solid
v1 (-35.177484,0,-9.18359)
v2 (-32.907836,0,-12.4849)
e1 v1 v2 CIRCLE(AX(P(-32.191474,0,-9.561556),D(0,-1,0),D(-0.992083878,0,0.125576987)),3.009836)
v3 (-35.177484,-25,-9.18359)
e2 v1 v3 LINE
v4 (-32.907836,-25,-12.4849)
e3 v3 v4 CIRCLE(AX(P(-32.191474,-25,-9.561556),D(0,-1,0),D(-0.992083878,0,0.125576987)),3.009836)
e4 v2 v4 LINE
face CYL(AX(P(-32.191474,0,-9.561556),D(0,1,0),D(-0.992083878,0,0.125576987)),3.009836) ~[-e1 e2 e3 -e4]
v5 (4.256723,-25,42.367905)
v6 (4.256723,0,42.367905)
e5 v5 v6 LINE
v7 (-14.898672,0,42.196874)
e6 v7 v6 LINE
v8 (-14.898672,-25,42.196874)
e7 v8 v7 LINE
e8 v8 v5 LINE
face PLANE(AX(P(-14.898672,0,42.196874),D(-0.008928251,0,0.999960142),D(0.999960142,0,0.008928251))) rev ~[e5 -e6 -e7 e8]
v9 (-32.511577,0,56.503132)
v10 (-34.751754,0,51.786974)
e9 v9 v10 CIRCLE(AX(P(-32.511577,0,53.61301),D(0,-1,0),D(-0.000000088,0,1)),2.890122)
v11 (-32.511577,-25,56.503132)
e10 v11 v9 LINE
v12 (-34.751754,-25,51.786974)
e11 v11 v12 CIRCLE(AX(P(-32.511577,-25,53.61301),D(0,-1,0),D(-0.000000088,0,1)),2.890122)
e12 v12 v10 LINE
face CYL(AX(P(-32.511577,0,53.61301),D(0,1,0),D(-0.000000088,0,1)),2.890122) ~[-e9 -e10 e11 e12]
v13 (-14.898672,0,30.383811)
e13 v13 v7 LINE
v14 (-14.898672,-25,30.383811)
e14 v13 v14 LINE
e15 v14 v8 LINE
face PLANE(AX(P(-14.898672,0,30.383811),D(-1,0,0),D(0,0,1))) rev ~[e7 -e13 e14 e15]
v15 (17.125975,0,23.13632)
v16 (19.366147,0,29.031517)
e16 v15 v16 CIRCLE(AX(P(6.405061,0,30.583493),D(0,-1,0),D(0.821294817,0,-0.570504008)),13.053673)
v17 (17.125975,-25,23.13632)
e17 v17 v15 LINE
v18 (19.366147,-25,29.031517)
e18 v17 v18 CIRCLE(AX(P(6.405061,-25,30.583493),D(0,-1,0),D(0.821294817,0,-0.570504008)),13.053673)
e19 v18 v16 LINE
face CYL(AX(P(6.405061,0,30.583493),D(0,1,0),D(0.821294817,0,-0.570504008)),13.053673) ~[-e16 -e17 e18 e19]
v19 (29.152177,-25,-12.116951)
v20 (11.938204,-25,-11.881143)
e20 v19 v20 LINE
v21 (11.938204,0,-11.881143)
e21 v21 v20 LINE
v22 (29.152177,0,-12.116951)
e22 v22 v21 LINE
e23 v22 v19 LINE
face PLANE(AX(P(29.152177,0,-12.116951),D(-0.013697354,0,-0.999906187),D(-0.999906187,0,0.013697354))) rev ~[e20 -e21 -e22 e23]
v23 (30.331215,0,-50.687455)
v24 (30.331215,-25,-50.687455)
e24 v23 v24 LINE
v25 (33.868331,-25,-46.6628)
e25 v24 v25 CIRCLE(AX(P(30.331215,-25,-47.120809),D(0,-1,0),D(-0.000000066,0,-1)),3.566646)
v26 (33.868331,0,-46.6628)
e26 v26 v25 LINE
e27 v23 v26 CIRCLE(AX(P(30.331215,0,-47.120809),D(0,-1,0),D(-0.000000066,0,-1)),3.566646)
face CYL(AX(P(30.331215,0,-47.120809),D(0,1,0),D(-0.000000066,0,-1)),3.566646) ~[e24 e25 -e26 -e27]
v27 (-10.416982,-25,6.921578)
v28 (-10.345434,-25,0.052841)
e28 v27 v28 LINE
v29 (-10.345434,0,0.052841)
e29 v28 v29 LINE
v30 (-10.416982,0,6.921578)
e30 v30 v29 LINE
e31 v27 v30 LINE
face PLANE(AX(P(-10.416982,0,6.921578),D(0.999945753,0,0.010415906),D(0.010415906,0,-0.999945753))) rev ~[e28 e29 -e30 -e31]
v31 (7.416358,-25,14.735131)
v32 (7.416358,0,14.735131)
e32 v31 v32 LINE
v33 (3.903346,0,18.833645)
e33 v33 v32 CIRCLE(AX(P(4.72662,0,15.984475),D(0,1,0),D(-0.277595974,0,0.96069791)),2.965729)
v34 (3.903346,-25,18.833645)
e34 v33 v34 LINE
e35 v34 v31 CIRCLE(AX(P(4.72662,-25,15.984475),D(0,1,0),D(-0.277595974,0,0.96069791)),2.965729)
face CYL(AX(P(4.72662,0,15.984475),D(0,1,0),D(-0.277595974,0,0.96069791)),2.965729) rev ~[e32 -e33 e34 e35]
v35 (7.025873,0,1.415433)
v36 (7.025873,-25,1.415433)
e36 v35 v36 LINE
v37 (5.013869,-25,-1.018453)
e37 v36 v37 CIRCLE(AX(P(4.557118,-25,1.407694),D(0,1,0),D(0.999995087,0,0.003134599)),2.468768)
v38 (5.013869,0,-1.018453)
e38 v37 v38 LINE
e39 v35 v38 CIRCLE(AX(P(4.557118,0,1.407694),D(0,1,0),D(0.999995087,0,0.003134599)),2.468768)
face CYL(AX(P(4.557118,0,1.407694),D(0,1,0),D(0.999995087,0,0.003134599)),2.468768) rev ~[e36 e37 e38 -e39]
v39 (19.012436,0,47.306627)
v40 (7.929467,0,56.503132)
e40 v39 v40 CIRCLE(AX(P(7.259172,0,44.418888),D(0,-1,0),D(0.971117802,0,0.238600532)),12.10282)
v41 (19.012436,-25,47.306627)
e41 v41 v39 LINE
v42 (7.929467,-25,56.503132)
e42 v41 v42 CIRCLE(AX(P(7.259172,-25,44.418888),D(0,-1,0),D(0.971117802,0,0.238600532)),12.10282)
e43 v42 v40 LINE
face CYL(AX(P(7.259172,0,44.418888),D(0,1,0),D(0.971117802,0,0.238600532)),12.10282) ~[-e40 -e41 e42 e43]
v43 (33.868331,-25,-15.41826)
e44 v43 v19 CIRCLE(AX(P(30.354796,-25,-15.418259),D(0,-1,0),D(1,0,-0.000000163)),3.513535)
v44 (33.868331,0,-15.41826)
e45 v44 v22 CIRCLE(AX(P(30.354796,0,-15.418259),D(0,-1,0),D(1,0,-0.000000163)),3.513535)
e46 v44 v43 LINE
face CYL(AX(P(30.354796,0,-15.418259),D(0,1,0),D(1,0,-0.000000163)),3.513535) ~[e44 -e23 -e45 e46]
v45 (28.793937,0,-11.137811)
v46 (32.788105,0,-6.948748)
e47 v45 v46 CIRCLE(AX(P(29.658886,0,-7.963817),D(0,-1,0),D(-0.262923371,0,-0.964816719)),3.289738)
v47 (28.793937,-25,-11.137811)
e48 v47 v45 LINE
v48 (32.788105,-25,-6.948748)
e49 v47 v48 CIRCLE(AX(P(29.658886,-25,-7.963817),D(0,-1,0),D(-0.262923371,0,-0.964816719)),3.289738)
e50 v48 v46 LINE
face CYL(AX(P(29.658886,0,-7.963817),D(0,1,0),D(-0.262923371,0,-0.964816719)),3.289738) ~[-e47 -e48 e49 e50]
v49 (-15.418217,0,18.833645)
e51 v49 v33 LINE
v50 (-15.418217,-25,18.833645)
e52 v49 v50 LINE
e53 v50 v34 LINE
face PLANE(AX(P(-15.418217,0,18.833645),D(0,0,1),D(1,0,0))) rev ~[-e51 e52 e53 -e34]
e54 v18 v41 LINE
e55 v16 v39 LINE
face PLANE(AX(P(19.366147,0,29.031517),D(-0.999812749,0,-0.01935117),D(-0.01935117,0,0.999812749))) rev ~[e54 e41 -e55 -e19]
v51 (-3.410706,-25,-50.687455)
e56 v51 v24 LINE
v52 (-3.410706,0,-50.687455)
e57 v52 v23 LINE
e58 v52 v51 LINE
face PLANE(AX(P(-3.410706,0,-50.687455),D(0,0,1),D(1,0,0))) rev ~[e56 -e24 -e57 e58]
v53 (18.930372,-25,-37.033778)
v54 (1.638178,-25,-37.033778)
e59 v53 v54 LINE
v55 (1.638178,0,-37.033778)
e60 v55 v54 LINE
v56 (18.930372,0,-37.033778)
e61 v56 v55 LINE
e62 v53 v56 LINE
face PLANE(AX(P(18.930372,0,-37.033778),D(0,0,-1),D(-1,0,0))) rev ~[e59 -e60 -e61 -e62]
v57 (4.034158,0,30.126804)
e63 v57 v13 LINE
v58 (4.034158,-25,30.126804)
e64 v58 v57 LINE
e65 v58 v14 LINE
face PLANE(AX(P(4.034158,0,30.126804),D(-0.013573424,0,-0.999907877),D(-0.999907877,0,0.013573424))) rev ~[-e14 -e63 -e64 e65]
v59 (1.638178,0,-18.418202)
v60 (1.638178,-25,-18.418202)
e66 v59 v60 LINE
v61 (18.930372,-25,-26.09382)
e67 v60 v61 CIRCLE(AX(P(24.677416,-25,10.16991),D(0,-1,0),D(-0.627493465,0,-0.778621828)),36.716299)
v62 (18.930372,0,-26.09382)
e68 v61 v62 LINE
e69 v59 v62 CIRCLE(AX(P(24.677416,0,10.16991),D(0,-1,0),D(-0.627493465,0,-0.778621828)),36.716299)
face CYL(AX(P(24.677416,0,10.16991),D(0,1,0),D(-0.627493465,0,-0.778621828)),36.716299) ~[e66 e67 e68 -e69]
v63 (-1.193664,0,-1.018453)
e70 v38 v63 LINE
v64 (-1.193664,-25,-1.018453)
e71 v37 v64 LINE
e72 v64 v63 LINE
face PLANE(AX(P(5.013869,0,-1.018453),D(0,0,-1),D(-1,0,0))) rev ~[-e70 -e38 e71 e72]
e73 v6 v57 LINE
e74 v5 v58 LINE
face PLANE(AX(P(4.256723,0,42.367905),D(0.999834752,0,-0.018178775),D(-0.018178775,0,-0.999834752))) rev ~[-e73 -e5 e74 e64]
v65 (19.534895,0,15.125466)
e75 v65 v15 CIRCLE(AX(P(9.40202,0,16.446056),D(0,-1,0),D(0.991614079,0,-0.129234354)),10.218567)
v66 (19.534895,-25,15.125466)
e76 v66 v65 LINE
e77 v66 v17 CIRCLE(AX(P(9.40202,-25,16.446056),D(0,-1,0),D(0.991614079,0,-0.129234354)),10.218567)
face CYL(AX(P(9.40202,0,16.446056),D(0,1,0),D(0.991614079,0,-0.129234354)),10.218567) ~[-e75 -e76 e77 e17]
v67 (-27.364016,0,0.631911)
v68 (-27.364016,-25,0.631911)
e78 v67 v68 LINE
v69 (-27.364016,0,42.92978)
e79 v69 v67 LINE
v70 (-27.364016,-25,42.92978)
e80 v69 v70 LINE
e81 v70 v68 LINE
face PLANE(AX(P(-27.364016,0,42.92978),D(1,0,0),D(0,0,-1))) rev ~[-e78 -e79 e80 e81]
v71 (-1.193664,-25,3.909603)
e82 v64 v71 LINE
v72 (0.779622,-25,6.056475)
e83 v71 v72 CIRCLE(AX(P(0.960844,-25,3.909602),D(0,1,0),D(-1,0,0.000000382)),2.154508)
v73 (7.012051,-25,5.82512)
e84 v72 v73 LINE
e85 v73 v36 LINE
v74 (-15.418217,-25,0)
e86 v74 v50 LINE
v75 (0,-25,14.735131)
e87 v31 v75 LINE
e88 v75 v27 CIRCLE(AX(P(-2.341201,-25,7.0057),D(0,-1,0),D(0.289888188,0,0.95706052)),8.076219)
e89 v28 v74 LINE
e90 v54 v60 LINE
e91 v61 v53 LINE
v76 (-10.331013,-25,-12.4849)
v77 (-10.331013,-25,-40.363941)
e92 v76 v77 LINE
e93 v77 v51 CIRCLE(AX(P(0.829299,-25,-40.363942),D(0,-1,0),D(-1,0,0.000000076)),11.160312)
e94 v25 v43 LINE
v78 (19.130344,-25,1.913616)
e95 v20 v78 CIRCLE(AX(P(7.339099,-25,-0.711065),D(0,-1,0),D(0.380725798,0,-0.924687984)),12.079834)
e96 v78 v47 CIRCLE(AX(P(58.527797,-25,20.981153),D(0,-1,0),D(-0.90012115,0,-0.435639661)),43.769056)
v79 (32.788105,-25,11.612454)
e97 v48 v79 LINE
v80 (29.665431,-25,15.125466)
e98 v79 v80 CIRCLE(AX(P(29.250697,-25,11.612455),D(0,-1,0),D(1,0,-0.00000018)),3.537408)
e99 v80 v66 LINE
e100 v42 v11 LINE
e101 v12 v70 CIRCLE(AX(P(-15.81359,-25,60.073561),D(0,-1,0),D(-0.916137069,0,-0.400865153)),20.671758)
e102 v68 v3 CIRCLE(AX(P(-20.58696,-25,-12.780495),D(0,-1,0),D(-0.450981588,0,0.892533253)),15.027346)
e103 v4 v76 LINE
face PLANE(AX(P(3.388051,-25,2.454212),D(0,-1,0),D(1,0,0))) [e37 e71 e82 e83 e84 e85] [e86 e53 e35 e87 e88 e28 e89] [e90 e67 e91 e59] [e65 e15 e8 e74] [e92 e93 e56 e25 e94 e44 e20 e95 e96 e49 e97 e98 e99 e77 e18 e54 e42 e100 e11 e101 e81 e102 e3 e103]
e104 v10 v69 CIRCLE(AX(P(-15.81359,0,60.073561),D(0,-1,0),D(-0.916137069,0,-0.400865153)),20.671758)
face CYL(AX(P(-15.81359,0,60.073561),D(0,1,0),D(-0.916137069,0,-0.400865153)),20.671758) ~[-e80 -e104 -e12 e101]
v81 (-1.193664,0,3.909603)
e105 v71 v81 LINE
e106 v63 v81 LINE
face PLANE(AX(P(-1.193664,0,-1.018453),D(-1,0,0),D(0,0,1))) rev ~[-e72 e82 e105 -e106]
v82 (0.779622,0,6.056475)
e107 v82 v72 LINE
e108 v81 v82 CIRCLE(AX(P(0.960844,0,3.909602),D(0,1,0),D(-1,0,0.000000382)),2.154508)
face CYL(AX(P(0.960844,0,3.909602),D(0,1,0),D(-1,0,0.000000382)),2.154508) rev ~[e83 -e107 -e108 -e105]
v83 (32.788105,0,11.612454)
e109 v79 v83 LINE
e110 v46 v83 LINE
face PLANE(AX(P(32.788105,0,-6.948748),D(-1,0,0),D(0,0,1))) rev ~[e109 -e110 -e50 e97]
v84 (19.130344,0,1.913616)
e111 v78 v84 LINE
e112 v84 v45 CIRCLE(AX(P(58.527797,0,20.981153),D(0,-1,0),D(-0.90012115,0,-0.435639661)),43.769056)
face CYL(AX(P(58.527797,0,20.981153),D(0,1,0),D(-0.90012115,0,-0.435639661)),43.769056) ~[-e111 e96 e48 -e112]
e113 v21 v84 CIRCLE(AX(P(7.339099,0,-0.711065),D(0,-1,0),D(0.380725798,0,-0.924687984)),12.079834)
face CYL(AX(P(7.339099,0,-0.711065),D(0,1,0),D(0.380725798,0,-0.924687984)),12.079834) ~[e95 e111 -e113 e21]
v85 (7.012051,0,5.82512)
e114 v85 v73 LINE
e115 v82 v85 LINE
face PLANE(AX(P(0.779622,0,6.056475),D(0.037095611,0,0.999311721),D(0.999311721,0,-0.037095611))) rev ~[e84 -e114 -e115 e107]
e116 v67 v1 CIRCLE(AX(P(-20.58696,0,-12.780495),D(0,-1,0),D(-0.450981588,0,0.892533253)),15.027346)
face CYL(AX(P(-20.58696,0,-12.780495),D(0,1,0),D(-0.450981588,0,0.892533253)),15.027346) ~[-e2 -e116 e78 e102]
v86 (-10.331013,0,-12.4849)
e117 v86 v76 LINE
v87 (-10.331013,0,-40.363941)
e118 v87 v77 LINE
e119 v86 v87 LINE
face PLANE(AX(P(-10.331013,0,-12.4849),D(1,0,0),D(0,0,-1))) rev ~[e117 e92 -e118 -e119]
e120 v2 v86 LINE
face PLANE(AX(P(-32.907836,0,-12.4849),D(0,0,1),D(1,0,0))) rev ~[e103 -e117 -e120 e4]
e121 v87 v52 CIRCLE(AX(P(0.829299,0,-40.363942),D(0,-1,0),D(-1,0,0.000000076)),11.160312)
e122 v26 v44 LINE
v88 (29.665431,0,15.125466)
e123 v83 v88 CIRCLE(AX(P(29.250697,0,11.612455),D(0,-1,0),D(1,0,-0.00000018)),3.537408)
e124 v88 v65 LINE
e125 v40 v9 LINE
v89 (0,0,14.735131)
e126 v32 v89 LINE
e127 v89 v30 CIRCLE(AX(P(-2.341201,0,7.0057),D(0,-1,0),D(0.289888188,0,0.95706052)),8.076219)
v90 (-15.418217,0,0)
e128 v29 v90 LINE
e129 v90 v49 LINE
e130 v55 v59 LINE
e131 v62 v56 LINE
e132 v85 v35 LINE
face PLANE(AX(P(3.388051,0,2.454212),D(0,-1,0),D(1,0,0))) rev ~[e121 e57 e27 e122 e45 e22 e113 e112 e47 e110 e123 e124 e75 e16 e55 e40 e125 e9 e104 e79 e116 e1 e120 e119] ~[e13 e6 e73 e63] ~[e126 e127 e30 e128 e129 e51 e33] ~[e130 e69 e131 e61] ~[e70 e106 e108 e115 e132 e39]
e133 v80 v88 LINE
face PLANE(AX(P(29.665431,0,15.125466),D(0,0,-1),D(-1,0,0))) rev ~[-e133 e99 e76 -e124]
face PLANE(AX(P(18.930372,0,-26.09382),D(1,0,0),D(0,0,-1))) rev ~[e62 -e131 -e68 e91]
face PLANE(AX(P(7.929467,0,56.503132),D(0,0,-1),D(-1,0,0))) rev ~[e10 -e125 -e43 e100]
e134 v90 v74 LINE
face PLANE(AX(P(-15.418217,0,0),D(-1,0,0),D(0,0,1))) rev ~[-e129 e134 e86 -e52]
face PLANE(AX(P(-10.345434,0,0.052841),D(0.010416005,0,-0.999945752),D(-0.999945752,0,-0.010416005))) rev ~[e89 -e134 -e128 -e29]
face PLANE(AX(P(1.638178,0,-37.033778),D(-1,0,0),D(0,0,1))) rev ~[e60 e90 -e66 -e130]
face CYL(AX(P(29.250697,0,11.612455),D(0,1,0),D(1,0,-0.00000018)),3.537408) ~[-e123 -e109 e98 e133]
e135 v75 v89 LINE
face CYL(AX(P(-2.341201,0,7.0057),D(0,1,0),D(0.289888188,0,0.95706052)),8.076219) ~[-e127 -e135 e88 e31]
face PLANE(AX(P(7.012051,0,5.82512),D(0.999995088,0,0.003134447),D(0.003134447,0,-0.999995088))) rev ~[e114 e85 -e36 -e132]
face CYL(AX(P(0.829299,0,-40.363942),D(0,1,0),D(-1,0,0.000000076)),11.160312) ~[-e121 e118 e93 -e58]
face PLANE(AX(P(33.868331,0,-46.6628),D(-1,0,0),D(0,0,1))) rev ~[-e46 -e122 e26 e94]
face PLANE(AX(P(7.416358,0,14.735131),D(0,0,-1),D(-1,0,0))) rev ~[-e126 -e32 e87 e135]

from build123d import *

# Parameters (mm, degrees)
F1_DEPTH = 15
F2_DEPTH = 2.5
F3_DEPTH = 25


with BuildPart() as f1:
    # F0 (on Front) → F1 (new body)
    with BuildSketch(Plane.XZ):
        with BuildLine():
            ThreePointArc((-34.751754, 51.786974), (-31.688129, 46.832693), (-27.364016, 42.92978))
            Line((-27.364016, 42.92978), (-27.364016, 0.631911))
            ThreePointArc((-27.364016, 0.631911), (-32.344059, -3.421449), (-35.177484, -9.18359))
            ThreePointArc((-35.177484, -9.18359), (-34.671706, -11.266714), (-32.907836, -12.4849))
            Line((-32.907836, -12.4849), (-10.331013, -12.4849))
            Line((-10.331013, -12.4849), (-10.331013, -40.363941))
            ThreePointArc((-10.331013, -40.363941), (-8.440878, -46.57815), (-3.410706, -50.687455))
            Line((-3.410706, -50.687455), (30.331215, -50.687455))
            ThreePointArc((30.331215, -50.687455), (33.010256, -49.475316), (33.868331, -46.6628))
            Line((33.868331, -46.6628), (33.868331, -15.41826))
            ThreePointArc((33.868331, -15.41826), (32.369677, -12.53986), (29.152177, -12.116951))
            Line((29.152177, -12.116951), (11.938204, -11.881143))
            ThreePointArc((11.938204, -11.881143), (18.050529, -6.295658), (19.130344, 1.913616))
            ThreePointArc((19.130344, 1.913616), (23.351533, -5.064206), (28.793937, -11.137811))
            ThreePointArc((28.793937, -11.137811), (32.039808, -10.233968), (32.788105, -6.948748))
            Line((32.788105, -6.948748), (32.788105, 11.612454))
            ThreePointArc((32.788105, 11.612454), (31.89459, 13.962579), (29.665431, 15.125466))
            Line((29.665431, 15.125466), (19.534895, 15.125466))
            ThreePointArc((19.534895, 15.125466), (19.187726, 19.388686), (17.125975, 23.13632))
            ThreePointArc((17.125975, 23.13632), (18.607422, 25.946601), (19.366147, 29.031517))
            Line((19.366147, 29.031517), (19.012436, 47.306627))
            ThreePointArc((19.012436, 47.306627), (14.987699, 53.732755), (7.929467, 56.503132))
            Line((7.929467, 56.503132), (-32.511577, 56.503132))
            ThreePointArc((-32.511577, 56.503132), (-35.122158, 54.853038), (-34.751754, 51.786974))
        make_face()
        with BuildLine():
            Line((1.638178, -37.033778), (1.638178, -18.418202))
            ThreePointArc((1.638178, -18.418202), (9.7814, -23.388924), (18.930372, -26.09382))
            Line((18.930372, -26.09382), (18.930372, -37.033778))
            Line((18.930372, -37.033778), (1.638178, -37.033778))
        make_face(mode=Mode.SUBTRACT)
        with BuildLine():
            Line((0.779622, 6.056475), (7.012051, 5.82512))
            Line((7.012051, 5.82512), (7.025873, 1.415433))
            ThreePointArc((7.025873, 1.415433), (6.459904, -0.16527), (5.013869, -1.018453))
            Line((5.013869, -1.018453), (-1.193664, -1.018453))
            Line((-1.193664, -1.018453), (-1.193664, 3.909603))
            ThreePointArc((-1.193664, 3.909603), (-0.625401, 5.367591), (0.779622, 6.056475))
        make_face(mode=Mode.SUBTRACT)
        with BuildLine():
            Line((-15.418217, 0), (-15.418217, 18.833645))
            Line((-15.418217, 18.833645), (3.903346, 18.833645))
            ThreePointArc((3.903346, 18.833645), (6.97837, 17.914546), (7.416358, 14.735131))
            Line((7.416358, 14.735131), (0, 14.735131))
            ThreePointArc((0, 14.735131), (-7.187256, 13.466433), (-10.416982, 6.921578))
            Line((-10.416982, 6.921578), (-10.345434, 0.052841))
            Line((-10.345434, 0.052841), (-15.418217, 0))
        make_face(mode=Mode.SUBTRACT)
        Polygon((-14.898672, 30.383811), (-14.898672, 42.196874), (4.256723, 42.367905), (4.034158, 30.126804), align=None, mode=Mode.SUBTRACT)
    extrude(amount=F1_DEPTH)

    # F0 (on Front) → F2 (cut, symmetric)
    with BuildSketch(Plane.XZ):
        with BuildLine():
            ThreePointArc((-34.751754, 51.786974), (-31.688129, 46.832693), (-27.364016, 42.92978))
            Line((-27.364016, 42.92978), (-27.364016, 0.631911))
            ThreePointArc((-27.364016, 0.631911), (-32.344059, -3.421449), (-35.177484, -9.18359))
            ThreePointArc((-35.177484, -9.18359), (-34.671706, -11.266714), (-32.907836, -12.4849))
            Line((-32.907836, -12.4849), (-10.331013, -12.4849))
            Line((-10.331013, -12.4849), (-10.331013, -40.363941))
            ThreePointArc((-10.331013, -40.363941), (-8.440878, -46.57815), (-3.410706, -50.687455))
            Line((-3.410706, -50.687455), (30.331215, -50.687455))
            ThreePointArc((30.331215, -50.687455), (33.010256, -49.475316), (33.868331, -46.6628))
            Line((33.868331, -46.6628), (33.868331, -15.41826))
            ThreePointArc((33.868331, -15.41826), (32.369677, -12.53986), (29.152177, -12.116951))
            Line((29.152177, -12.116951), (11.938204, -11.881143))
            ThreePointArc((11.938204, -11.881143), (18.050529, -6.295658), (19.130344, 1.913616))
            ThreePointArc((19.130344, 1.913616), (23.351533, -5.064206), (28.793937, -11.137811))
            ThreePointArc((28.793937, -11.137811), (32.039808, -10.233968), (32.788105, -6.948748))
            Line((32.788105, -6.948748), (32.788105, 11.612454))
            ThreePointArc((32.788105, 11.612454), (31.89459, 13.962579), (29.665431, 15.125466))
            Line((29.665431, 15.125466), (19.534895, 15.125466))
            ThreePointArc((19.534895, 15.125466), (19.187726, 19.388686), (17.125975, 23.13632))
            ThreePointArc((17.125975, 23.13632), (18.607422, 25.946601), (19.366147, 29.031517))
            Line((19.366147, 29.031517), (19.012436, 47.306627))
            ThreePointArc((19.012436, 47.306627), (14.987699, 53.732755), (7.929467, 56.503132))
            Line((7.929467, 56.503132), (-32.511577, 56.503132))
            ThreePointArc((-32.511577, 56.503132), (-35.122158, 54.853038), (-34.751754, 51.786974))
        make_face()
        with BuildLine():
            Line((1.638178, -37.033778), (1.638178, -18.418202))
            ThreePointArc((1.638178, -18.418202), (9.7814, -23.388924), (18.930372, -26.09382))
            Line((18.930372, -26.09382), (18.930372, -37.033778))
            Line((18.930372, -37.033778), (1.638178, -37.033778))
        make_face(mode=Mode.SUBTRACT)
        with BuildLine():
            Line((0.779622, 6.056475), (7.012051, 5.82512))
            Line((7.012051, 5.82512), (7.025873, 1.415433))
            ThreePointArc((7.025873, 1.415433), (6.459904, -0.16527), (5.013869, -1.018453))
            Line((5.013869, -1.018453), (-1.193664, -1.018453))
            Line((-1.193664, -1.018453), (-1.193664, 3.909603))
            ThreePointArc((-1.193664, 3.909603), (-0.625401, 5.367591), (0.779622, 6.056475))
        make_face(mode=Mode.SUBTRACT)
        with BuildLine():
            Line((-15.418217, 0), (-15.418217, 18.833645))
            Line((-15.418217, 18.833645), (3.903346, 18.833645))
            ThreePointArc((3.903346, 18.833645), (6.97837, 17.914546), (7.416358, 14.735131))
            Line((7.416358, 14.735131), (0, 14.735131))
            ThreePointArc((0, 14.735131), (-7.187256, 13.466433), (-10.416982, 6.921578))
            Line((-10.416982, 6.921578), (-10.345434, 0.052841))
            Line((-10.345434, 0.052841), (-15.418217, 0))
        make_face(mode=Mode.SUBTRACT)
        Polygon((-14.898672, 30.383811), (-14.898672, 42.196874), (4.256723, 42.367905), (4.034158, 30.126804), align=None, mode=Mode.SUBTRACT)
    extrude(amount=F2_DEPTH, both=True, mode=Mode.SUBTRACT)

    # F0 (on Front) → F3 (join)
    with BuildSketch(Plane.XZ):
        with BuildLine():
            ThreePointArc((-34.751754, 51.786974), (-31.688129, 46.832693), (-27.364016, 42.92978))
            Line((-27.364016, 42.92978), (-27.364016, 0.631911))
            ThreePointArc((-27.364016, 0.631911), (-32.344059, -3.421449), (-35.177484, -9.18359))
            ThreePointArc((-35.177484, -9.18359), (-34.671706, -11.266714), (-32.907836, -12.4849))
            Line((-32.907836, -12.4849), (-10.331013, -12.4849))
            Line((-10.331013, -12.4849), (-10.331013, -40.363941))
            ThreePointArc((-10.331013, -40.363941), (-8.440878, -46.57815), (-3.410706, -50.687455))
            Line((-3.410706, -50.687455), (30.331215, -50.687455))
            ThreePointArc((30.331215, -50.687455), (33.010256, -49.475316), (33.868331, -46.6628))
            Line((33.868331, -46.6628), (33.868331, -15.41826))
            ThreePointArc((33.868331, -15.41826), (32.369677, -12.53986), (29.152177, -12.116951))
            Line((29.152177, -12.116951), (11.938204, -11.881143))
            ThreePointArc((11.938204, -11.881143), (18.050529, -6.295658), (19.130344, 1.913616))
            ThreePointArc((19.130344, 1.913616), (23.351533, -5.064206), (28.793937, -11.137811))
            ThreePointArc((28.793937, -11.137811), (32.039808, -10.233968), (32.788105, -6.948748))
            Line((32.788105, -6.948748), (32.788105, 11.612454))
            ThreePointArc((32.788105, 11.612454), (31.89459, 13.962579), (29.665431, 15.125466))
            Line((29.665431, 15.125466), (19.534895, 15.125466))
            ThreePointArc((19.534895, 15.125466), (19.187726, 19.388686), (17.125975, 23.13632))
            ThreePointArc((17.125975, 23.13632), (18.607422, 25.946601), (19.366147, 29.031517))
            Line((19.366147, 29.031517), (19.012436, 47.306627))
            ThreePointArc((19.012436, 47.306627), (14.987699, 53.732755), (7.929467, 56.503132))
            Line((7.929467, 56.503132), (-32.511577, 56.503132))
            ThreePointArc((-32.511577, 56.503132), (-35.122158, 54.853038), (-34.751754, 51.786974))
        make_face()
        with BuildLine():
            Line((1.638178, -37.033778), (1.638178, -18.418202))
            ThreePointArc((1.638178, -18.418202), (9.7814, -23.388924), (18.930372, -26.09382))
            Line((18.930372, -26.09382), (18.930372, -37.033778))
            Line((18.930372, -37.033778), (1.638178, -37.033778))
        make_face(mode=Mode.SUBTRACT)
        with BuildLine():
            Line((0.779622, 6.056475), (7.012051, 5.82512))
            Line((7.012051, 5.82512), (7.025873, 1.415433))
            ThreePointArc((7.025873, 1.415433), (6.459904, -0.16527), (5.013869, -1.018453))
            Line((5.013869, -1.018453), (-1.193664, -1.018453))
            Line((-1.193664, -1.018453), (-1.193664, 3.909603))
            ThreePointArc((-1.193664, 3.909603), (-0.625401, 5.367591), (0.779622, 6.056475))
        make_face(mode=Mode.SUBTRACT)
        with BuildLine():
            Line((-15.418217, 0), (-15.418217, 18.833645))
            Line((-15.418217, 18.833645), (3.903346, 18.833645))
            ThreePointArc((3.903346, 18.833645), (6.97837, 17.914546), (7.416358, 14.735131))
            Line((7.416358, 14.735131), (0, 14.735131))
            ThreePointArc((0, 14.735131), (-7.187256, 13.466433), (-10.416982, 6.921578))
            Line((-10.416982, 6.921578), (-10.345434, 0.052841))
            Line((-10.345434, 0.052841), (-15.418217, 0))
        make_face(mode=Mode.SUBTRACT)
        Polygon((-14.898672, 30.383811), (-14.898672, 42.196874), (4.256723, 42.367905), (4.034158, 30.126804), align=None, mode=Mode.SUBTRACT)
    extrude(amount=F3_DEPTH)


solid = f1.part
